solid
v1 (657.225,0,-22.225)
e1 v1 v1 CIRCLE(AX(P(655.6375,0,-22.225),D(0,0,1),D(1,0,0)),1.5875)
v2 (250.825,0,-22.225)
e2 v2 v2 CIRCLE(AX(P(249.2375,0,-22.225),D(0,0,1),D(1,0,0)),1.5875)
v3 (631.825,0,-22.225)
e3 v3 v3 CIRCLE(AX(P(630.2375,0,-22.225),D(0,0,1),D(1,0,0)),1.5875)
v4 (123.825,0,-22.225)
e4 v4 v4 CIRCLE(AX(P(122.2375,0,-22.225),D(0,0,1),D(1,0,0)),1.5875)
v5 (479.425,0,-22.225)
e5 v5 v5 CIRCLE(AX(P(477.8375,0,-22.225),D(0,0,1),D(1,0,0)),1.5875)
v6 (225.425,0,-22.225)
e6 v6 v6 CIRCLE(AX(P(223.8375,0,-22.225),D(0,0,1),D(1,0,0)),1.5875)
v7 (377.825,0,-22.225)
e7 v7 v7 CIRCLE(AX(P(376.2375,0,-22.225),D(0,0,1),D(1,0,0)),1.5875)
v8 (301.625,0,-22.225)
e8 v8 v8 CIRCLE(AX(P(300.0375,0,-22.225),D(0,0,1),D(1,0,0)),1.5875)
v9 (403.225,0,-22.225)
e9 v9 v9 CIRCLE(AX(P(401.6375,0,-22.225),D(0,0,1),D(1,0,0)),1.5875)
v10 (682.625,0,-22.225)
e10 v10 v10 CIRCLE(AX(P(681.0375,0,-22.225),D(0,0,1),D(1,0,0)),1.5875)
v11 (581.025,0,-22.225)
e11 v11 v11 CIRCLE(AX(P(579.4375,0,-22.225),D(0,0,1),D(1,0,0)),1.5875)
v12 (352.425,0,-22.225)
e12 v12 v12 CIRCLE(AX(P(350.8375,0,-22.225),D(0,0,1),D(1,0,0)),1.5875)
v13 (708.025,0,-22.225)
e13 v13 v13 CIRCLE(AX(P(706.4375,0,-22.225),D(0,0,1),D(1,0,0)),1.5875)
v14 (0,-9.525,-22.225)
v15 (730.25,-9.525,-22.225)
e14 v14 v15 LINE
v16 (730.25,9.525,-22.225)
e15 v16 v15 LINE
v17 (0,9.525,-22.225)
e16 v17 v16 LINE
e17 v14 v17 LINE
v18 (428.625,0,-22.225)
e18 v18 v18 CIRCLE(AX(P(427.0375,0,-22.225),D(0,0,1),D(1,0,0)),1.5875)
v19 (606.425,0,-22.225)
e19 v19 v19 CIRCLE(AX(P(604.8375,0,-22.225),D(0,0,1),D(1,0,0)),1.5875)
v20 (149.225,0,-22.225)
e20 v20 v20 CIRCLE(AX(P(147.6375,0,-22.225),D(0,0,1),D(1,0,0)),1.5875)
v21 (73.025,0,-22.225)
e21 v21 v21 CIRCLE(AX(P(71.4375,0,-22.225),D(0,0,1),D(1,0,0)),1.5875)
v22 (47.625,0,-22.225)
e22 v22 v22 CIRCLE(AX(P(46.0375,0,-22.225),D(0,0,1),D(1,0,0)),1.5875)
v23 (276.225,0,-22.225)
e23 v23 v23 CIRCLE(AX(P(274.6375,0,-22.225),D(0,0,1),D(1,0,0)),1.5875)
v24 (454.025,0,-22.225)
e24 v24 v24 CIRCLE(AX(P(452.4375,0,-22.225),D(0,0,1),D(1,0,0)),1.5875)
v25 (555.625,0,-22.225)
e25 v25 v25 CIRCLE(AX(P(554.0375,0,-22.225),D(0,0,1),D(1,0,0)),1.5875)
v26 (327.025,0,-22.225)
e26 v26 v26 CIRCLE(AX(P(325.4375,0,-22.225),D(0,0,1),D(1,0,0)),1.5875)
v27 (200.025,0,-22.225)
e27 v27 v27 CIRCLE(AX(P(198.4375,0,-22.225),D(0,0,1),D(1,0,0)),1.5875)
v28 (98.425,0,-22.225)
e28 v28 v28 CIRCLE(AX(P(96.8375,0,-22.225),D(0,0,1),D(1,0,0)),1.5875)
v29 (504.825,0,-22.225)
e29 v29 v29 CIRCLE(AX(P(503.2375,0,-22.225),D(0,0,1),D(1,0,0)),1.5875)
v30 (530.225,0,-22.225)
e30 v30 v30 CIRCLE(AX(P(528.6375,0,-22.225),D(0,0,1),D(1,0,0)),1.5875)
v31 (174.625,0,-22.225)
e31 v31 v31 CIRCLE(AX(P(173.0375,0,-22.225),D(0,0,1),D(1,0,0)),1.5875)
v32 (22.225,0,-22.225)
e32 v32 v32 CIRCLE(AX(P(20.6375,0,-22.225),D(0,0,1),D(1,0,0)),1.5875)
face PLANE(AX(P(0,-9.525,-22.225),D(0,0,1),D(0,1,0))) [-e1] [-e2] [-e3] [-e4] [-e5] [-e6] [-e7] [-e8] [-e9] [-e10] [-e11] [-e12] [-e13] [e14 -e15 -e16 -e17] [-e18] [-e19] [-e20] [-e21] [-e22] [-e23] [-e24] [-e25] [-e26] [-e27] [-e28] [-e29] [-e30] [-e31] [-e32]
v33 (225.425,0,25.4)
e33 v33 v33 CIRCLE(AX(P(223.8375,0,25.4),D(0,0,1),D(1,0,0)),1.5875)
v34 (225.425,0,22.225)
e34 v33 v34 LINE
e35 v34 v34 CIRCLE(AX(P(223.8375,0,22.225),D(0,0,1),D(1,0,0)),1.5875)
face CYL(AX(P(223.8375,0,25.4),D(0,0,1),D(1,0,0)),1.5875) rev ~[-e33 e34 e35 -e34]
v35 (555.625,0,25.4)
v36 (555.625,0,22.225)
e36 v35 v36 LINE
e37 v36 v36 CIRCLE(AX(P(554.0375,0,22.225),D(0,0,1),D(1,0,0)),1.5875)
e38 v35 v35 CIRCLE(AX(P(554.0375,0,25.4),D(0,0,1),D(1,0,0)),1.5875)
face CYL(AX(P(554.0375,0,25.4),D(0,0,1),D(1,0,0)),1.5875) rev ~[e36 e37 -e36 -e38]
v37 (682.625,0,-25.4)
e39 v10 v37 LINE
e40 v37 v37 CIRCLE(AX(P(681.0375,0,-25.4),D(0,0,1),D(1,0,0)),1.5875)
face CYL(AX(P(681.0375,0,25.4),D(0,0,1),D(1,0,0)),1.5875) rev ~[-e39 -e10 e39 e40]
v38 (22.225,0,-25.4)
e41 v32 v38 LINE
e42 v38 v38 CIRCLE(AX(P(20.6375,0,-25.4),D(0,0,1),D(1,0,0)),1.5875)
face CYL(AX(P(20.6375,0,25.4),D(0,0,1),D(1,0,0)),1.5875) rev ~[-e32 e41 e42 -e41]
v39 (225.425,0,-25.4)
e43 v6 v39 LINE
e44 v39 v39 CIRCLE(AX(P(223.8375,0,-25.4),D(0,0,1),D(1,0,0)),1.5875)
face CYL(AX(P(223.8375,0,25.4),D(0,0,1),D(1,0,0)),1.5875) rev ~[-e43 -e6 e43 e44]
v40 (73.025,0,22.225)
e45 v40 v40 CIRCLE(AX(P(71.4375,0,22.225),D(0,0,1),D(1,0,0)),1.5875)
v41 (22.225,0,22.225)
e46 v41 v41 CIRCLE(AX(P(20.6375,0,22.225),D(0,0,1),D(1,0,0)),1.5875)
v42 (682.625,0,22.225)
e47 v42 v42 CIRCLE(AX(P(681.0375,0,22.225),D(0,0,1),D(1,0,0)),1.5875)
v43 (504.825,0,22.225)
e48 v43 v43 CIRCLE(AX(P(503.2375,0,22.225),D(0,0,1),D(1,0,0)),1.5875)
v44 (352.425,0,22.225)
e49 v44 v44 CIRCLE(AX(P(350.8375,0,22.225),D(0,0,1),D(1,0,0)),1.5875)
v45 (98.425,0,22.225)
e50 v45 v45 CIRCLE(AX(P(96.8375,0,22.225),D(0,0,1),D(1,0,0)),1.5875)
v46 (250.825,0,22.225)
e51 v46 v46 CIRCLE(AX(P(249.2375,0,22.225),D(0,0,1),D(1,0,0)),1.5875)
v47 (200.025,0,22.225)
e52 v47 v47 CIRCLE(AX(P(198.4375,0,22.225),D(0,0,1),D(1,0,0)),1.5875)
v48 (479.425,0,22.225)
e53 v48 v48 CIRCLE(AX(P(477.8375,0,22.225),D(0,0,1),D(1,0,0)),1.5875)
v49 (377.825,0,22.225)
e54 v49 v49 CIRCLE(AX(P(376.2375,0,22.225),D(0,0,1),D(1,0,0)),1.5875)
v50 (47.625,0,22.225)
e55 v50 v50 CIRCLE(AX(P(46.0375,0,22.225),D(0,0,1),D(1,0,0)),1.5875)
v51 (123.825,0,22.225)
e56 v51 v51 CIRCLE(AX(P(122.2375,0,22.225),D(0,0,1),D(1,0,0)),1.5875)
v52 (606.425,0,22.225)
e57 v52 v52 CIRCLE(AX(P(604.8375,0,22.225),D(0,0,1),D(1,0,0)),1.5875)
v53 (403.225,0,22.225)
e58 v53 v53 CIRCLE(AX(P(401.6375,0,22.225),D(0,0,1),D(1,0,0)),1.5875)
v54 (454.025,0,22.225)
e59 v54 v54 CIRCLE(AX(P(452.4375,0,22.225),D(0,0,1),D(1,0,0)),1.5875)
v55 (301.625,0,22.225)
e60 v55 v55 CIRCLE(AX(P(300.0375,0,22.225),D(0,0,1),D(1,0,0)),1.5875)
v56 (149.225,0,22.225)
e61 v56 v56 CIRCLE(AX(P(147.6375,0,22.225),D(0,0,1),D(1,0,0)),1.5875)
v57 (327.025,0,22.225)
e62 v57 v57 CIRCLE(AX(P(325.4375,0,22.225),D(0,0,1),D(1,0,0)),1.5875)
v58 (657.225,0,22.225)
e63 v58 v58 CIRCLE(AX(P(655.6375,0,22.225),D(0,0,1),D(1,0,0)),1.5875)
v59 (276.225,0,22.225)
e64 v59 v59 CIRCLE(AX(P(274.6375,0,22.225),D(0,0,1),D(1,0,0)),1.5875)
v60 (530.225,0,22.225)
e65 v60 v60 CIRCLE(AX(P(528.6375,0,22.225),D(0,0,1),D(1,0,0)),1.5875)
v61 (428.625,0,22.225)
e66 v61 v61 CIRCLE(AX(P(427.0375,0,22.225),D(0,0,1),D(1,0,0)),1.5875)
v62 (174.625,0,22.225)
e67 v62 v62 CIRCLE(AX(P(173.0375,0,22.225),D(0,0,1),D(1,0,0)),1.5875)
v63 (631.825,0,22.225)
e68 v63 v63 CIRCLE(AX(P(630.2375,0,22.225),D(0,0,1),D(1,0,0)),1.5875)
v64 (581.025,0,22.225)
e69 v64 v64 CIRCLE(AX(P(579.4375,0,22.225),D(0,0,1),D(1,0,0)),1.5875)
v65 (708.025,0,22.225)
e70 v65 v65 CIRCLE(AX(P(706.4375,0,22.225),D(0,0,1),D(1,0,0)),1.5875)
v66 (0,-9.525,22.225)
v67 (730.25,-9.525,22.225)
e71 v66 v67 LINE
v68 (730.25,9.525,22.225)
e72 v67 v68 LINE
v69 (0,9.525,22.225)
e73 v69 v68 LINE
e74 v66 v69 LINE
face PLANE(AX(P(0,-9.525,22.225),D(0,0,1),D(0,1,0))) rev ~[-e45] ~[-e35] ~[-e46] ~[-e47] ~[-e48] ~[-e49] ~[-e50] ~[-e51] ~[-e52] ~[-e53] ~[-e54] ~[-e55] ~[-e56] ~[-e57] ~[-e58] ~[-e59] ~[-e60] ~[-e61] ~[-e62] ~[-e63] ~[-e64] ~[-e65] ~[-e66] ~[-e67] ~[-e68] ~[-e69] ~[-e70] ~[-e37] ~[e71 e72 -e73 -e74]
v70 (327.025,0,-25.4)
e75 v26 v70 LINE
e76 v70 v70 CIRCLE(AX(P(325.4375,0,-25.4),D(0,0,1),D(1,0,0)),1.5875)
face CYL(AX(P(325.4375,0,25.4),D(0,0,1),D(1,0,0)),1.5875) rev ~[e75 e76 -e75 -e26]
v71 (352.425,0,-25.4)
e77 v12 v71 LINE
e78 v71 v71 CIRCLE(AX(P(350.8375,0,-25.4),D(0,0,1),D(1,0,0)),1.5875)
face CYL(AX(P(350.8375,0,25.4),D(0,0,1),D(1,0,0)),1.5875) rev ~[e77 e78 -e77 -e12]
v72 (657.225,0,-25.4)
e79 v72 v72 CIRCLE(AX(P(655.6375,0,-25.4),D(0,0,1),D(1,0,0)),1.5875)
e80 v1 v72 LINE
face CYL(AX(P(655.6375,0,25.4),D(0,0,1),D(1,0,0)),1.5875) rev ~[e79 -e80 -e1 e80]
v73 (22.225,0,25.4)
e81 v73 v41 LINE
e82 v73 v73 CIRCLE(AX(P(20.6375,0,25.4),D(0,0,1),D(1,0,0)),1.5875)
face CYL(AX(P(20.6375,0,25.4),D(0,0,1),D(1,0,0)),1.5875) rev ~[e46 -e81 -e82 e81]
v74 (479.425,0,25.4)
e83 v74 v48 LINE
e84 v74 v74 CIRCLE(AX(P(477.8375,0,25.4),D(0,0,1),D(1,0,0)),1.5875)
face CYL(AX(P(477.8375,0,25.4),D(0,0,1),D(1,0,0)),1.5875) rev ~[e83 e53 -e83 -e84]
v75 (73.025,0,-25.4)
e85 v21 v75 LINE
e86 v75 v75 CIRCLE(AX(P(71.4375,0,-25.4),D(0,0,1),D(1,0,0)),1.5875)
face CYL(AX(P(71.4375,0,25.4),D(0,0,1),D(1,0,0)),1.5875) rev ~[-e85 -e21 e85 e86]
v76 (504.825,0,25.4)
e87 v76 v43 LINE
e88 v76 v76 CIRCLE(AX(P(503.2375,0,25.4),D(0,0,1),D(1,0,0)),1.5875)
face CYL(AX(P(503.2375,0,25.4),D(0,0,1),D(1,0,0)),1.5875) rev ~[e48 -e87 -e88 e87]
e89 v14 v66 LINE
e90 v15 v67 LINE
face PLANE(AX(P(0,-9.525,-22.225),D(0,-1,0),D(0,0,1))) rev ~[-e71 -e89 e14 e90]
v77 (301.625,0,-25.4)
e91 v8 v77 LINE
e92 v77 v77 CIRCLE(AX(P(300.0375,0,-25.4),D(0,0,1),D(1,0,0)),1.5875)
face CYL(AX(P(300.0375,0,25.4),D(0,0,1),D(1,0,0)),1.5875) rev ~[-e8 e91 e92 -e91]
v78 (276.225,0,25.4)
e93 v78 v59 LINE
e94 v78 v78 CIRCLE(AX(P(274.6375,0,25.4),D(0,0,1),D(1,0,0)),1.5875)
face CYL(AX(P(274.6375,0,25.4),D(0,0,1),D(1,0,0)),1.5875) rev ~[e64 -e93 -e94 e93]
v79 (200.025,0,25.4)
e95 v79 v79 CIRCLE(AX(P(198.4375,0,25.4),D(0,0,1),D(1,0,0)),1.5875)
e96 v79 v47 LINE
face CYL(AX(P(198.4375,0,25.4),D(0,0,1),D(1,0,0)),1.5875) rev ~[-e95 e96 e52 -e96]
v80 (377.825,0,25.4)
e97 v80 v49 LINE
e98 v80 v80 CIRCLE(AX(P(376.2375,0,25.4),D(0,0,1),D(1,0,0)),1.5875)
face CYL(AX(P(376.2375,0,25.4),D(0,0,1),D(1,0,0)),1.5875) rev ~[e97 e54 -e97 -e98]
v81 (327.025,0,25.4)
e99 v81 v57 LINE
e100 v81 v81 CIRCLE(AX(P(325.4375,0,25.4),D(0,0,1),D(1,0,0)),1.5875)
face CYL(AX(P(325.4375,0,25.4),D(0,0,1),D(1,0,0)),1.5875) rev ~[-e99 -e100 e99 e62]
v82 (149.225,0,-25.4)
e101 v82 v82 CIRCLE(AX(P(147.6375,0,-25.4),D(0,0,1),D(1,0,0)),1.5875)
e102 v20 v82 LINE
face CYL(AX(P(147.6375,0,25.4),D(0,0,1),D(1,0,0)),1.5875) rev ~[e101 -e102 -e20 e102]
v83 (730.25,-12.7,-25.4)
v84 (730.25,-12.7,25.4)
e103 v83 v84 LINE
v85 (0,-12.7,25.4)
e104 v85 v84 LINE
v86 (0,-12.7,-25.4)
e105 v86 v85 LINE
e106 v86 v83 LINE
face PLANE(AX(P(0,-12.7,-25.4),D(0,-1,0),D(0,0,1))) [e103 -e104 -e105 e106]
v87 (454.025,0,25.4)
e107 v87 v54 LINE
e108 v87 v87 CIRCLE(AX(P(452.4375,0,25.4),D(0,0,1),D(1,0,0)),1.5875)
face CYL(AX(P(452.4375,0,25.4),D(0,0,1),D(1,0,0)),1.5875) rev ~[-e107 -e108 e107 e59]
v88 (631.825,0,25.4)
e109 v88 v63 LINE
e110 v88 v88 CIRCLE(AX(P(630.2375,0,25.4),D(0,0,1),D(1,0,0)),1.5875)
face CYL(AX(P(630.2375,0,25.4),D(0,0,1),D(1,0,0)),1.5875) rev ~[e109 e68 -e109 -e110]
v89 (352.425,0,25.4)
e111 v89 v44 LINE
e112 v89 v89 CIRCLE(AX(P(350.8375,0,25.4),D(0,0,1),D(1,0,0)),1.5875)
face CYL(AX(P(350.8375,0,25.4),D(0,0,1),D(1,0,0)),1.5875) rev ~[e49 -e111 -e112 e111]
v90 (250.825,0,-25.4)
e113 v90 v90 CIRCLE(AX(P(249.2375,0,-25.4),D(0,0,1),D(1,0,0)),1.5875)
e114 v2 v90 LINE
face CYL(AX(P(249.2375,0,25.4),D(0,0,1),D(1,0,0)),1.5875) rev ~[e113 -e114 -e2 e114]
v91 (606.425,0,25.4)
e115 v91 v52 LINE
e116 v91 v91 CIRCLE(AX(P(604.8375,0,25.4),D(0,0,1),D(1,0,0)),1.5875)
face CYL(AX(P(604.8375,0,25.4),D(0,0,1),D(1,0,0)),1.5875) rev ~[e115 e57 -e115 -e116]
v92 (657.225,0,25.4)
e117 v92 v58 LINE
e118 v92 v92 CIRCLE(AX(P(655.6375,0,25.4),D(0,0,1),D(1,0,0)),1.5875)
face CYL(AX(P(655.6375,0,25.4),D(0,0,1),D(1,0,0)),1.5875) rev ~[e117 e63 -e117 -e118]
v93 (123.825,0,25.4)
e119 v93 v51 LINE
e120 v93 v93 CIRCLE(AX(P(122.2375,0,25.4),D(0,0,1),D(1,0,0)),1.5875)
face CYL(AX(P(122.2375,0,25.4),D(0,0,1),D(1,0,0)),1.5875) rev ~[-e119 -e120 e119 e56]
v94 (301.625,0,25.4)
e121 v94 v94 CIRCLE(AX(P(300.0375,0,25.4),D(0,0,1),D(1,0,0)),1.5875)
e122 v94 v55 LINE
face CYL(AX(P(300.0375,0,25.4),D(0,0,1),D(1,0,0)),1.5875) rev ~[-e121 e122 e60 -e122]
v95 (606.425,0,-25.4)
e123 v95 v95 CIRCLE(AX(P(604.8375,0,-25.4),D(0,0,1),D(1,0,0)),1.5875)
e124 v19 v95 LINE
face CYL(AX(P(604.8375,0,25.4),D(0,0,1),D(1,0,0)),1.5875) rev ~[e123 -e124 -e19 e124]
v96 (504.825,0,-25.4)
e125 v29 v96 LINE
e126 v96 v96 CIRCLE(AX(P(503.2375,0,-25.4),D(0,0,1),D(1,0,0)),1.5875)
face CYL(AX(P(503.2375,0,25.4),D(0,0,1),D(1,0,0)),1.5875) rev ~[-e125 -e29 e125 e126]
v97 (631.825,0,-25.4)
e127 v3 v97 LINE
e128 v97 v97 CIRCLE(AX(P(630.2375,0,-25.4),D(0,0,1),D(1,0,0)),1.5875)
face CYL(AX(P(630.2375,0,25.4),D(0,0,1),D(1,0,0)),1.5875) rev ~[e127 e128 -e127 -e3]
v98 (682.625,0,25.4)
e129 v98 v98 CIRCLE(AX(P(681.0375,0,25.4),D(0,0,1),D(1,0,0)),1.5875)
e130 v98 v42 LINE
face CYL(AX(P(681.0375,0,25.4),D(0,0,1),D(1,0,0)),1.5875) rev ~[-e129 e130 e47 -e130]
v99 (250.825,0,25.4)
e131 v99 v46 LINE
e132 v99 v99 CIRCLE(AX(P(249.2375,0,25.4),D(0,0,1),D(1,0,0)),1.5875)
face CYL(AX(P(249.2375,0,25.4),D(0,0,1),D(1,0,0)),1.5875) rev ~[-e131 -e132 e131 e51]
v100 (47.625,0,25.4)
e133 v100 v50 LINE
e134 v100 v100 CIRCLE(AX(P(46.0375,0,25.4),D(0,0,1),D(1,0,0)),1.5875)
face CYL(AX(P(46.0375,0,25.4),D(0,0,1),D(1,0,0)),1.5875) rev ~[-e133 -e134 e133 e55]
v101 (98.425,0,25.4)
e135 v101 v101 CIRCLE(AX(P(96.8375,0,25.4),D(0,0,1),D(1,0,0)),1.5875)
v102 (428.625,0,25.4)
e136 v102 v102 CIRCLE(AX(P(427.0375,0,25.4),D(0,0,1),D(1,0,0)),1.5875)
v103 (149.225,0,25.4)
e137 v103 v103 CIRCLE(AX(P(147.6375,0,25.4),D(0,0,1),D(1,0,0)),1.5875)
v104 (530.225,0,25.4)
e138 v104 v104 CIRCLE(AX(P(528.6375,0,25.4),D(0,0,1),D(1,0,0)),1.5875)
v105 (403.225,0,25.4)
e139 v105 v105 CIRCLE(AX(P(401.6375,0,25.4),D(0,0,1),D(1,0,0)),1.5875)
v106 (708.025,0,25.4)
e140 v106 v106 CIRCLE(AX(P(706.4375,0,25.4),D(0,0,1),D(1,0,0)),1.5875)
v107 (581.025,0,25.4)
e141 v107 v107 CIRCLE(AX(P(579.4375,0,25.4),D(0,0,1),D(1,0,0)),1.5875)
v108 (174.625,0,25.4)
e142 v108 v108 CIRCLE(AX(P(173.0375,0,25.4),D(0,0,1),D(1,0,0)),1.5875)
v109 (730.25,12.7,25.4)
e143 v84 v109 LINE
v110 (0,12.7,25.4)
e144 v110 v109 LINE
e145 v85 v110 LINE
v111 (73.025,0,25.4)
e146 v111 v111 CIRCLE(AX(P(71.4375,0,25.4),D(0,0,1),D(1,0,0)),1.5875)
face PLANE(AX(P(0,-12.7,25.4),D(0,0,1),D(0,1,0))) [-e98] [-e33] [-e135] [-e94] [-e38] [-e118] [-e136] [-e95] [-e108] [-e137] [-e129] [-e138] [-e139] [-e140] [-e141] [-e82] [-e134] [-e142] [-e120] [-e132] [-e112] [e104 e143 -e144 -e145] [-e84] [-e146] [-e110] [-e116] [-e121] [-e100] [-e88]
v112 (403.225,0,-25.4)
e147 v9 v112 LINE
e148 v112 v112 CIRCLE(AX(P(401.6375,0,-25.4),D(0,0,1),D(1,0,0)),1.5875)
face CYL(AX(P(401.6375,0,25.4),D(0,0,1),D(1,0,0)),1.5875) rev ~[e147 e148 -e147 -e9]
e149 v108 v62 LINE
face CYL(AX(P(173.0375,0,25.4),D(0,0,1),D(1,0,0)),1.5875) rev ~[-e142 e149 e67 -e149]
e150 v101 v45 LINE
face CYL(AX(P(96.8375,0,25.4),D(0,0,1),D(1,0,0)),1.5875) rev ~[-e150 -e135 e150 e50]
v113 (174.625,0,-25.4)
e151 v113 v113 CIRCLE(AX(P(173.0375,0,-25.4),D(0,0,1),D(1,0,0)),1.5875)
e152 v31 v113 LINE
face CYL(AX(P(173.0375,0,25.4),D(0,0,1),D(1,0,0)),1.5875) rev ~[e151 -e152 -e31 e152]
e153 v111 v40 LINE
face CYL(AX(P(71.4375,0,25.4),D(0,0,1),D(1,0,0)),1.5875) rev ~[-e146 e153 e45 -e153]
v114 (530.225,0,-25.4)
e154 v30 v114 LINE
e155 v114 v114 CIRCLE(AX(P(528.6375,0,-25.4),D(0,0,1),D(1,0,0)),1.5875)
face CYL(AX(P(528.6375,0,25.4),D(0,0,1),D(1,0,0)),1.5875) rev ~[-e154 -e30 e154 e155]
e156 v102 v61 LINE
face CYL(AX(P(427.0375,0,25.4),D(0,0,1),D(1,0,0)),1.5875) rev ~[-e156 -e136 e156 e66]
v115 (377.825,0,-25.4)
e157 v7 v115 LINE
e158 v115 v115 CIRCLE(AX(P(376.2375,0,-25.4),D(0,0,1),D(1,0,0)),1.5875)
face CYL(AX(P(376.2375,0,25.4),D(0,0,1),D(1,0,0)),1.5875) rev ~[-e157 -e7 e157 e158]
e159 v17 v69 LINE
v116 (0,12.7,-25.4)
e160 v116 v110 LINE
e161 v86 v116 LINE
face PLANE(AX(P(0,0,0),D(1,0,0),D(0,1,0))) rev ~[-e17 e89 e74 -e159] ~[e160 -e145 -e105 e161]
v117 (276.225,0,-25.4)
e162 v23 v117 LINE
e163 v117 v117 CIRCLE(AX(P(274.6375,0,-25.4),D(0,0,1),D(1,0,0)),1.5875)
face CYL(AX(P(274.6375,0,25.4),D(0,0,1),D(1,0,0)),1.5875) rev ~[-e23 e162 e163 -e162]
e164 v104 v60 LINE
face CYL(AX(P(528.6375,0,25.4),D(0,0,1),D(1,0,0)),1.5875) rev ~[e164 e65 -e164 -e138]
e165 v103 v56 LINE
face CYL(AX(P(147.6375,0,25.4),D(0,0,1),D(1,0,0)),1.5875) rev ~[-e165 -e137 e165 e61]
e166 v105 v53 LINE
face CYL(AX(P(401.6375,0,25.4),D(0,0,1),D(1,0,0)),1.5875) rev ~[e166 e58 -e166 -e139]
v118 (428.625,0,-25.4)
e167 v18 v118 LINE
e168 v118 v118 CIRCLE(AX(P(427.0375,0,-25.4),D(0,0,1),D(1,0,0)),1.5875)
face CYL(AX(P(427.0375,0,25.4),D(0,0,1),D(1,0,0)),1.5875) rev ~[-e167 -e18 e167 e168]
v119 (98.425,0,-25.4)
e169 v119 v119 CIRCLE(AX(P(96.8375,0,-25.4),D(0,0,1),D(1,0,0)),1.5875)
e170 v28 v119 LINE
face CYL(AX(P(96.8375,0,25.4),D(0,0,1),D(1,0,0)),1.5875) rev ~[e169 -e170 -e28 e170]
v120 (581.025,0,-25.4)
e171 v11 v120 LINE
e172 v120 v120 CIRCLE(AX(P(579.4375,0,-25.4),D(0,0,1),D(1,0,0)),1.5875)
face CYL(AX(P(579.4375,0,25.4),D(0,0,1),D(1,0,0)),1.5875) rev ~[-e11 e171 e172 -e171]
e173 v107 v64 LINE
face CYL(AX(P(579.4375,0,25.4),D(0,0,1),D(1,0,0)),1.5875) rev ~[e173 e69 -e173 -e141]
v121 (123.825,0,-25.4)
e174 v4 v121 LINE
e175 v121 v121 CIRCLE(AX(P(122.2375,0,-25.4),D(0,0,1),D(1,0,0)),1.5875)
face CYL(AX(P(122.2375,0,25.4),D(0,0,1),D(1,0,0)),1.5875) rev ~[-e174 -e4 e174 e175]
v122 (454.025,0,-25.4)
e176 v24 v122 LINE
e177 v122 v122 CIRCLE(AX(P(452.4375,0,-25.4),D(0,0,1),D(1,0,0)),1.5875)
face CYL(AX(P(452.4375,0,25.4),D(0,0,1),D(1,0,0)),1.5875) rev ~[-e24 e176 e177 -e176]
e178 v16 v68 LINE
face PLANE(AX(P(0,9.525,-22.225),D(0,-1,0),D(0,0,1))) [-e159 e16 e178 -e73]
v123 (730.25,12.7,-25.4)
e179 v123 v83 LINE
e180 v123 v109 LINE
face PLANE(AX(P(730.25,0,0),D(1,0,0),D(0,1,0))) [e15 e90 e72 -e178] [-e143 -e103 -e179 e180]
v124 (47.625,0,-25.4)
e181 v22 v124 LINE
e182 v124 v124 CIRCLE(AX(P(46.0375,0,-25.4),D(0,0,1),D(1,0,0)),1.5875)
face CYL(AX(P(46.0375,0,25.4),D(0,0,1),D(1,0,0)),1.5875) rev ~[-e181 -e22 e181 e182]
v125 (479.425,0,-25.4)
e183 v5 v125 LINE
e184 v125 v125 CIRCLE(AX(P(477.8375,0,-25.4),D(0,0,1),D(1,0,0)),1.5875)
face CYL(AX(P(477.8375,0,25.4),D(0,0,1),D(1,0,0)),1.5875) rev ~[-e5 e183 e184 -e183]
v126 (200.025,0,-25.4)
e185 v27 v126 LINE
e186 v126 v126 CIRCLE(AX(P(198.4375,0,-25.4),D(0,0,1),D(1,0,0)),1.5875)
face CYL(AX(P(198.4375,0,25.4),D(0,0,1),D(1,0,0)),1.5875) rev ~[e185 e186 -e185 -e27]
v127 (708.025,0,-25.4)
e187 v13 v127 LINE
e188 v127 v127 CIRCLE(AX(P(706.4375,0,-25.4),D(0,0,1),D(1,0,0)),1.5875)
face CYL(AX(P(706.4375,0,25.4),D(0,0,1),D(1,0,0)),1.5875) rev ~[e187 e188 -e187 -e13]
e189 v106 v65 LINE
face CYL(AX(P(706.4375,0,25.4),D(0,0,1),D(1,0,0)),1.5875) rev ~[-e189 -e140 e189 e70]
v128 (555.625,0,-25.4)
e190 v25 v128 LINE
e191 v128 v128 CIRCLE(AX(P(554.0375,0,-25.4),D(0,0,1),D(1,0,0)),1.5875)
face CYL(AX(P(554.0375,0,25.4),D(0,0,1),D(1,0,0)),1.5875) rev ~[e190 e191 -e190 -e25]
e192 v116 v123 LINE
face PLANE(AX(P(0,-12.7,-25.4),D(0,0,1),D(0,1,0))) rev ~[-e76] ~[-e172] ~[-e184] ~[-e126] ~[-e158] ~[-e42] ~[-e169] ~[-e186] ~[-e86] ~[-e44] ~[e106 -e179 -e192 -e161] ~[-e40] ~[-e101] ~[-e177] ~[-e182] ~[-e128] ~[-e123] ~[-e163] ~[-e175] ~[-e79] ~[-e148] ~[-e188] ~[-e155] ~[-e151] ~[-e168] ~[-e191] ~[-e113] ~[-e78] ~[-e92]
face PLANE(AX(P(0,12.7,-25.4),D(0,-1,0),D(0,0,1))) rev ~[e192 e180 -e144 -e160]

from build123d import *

# Parameters (mm, degrees)
F0_W     = 25.4
F0_H     = 50.8
F0_W_2   = 19.05
F0_H_2   = 44.45
F1_DEPTH = 730.25
F2_R     = 1.5875
F3_DEPTH = 50.801


with BuildPart() as f1:
    # F0 (on Right) → F1 (new body)
    with BuildSketch(Plane.YZ):
        Rectangle(F0_W, F0_H)
        Rectangle(F0_W_2, F0_H_2, mode=Mode.SUBTRACT)
    extrude(amount=F1_DEPTH)

    # F2 (on face) → F3 (cut, through all)
    with BuildSketch(Plane.XY.offset(25.4)):
        with Locations((20.6375, 0)):
            Circle(F2_R)
        with Locations((46.0375, 0)):
            Circle(F2_R)
        with Locations((71.4375, 0)):
            Circle(F2_R)
        with Locations((96.8375, 0)):
            Circle(F2_R)
        with Locations((122.2375, 0)):
            Circle(F2_R)
        with Locations((147.6375, 0)):
            Circle(F2_R)
        with Locations((173.0375, 0)):
            Circle(F2_R)
        with Locations((198.4375, 0)):
            Circle(F2_R)
        with Locations((223.8375, 0)):
            Circle(F2_R)
        with Locations((249.2375, 0)):
            Circle(F2_R)
        with Locations((274.6375, 0)):
            Circle(F2_R)
        with Locations((300.0375, 0)):
            Circle(F2_R)
        with Locations((325.4375, 0)):
            Circle(F2_R)
        with Locations((350.8375, 0)):
            Circle(F2_R)
        with Locations((376.2375, 0)):
            Circle(F2_R)
        with Locations((401.6375, 0)):
            Circle(F2_R)
        with Locations((427.0375, 0)):
            Circle(F2_R)
        with Locations((452.4375, 0)):
            Circle(F2_R)
        with Locations((477.8375, 0)):
            Circle(F2_R)
        with Locations((503.2375, 0)):
            Circle(F2_R)
        with Locations((528.6375, 0)):
            Circle(F2_R)
        with Locations((554.0375, 0)):
            Circle(F2_R)
        with Locations((579.4375, 0)):
            Circle(F2_R)
        with Locations((604.8375, 0)):
            Circle(F2_R)
        with Locations((630.2375, 0)):
            Circle(F2_R)
        with Locations((655.6375, 0)):
            Circle(F2_R)
        with Locations((681.0375, 0)):
            Circle(F2_R)
        with Locations((706.4375, 0)):
            Circle(F2_R)
        with Locations((731.8375, 0)):
            Circle(F2_R)
        with Locations((757.2375, 0)):
            Circle(F2_R)
    extrude(amount=-F3_DEPTH, mode=Mode.SUBTRACT)


solid = f1.part
